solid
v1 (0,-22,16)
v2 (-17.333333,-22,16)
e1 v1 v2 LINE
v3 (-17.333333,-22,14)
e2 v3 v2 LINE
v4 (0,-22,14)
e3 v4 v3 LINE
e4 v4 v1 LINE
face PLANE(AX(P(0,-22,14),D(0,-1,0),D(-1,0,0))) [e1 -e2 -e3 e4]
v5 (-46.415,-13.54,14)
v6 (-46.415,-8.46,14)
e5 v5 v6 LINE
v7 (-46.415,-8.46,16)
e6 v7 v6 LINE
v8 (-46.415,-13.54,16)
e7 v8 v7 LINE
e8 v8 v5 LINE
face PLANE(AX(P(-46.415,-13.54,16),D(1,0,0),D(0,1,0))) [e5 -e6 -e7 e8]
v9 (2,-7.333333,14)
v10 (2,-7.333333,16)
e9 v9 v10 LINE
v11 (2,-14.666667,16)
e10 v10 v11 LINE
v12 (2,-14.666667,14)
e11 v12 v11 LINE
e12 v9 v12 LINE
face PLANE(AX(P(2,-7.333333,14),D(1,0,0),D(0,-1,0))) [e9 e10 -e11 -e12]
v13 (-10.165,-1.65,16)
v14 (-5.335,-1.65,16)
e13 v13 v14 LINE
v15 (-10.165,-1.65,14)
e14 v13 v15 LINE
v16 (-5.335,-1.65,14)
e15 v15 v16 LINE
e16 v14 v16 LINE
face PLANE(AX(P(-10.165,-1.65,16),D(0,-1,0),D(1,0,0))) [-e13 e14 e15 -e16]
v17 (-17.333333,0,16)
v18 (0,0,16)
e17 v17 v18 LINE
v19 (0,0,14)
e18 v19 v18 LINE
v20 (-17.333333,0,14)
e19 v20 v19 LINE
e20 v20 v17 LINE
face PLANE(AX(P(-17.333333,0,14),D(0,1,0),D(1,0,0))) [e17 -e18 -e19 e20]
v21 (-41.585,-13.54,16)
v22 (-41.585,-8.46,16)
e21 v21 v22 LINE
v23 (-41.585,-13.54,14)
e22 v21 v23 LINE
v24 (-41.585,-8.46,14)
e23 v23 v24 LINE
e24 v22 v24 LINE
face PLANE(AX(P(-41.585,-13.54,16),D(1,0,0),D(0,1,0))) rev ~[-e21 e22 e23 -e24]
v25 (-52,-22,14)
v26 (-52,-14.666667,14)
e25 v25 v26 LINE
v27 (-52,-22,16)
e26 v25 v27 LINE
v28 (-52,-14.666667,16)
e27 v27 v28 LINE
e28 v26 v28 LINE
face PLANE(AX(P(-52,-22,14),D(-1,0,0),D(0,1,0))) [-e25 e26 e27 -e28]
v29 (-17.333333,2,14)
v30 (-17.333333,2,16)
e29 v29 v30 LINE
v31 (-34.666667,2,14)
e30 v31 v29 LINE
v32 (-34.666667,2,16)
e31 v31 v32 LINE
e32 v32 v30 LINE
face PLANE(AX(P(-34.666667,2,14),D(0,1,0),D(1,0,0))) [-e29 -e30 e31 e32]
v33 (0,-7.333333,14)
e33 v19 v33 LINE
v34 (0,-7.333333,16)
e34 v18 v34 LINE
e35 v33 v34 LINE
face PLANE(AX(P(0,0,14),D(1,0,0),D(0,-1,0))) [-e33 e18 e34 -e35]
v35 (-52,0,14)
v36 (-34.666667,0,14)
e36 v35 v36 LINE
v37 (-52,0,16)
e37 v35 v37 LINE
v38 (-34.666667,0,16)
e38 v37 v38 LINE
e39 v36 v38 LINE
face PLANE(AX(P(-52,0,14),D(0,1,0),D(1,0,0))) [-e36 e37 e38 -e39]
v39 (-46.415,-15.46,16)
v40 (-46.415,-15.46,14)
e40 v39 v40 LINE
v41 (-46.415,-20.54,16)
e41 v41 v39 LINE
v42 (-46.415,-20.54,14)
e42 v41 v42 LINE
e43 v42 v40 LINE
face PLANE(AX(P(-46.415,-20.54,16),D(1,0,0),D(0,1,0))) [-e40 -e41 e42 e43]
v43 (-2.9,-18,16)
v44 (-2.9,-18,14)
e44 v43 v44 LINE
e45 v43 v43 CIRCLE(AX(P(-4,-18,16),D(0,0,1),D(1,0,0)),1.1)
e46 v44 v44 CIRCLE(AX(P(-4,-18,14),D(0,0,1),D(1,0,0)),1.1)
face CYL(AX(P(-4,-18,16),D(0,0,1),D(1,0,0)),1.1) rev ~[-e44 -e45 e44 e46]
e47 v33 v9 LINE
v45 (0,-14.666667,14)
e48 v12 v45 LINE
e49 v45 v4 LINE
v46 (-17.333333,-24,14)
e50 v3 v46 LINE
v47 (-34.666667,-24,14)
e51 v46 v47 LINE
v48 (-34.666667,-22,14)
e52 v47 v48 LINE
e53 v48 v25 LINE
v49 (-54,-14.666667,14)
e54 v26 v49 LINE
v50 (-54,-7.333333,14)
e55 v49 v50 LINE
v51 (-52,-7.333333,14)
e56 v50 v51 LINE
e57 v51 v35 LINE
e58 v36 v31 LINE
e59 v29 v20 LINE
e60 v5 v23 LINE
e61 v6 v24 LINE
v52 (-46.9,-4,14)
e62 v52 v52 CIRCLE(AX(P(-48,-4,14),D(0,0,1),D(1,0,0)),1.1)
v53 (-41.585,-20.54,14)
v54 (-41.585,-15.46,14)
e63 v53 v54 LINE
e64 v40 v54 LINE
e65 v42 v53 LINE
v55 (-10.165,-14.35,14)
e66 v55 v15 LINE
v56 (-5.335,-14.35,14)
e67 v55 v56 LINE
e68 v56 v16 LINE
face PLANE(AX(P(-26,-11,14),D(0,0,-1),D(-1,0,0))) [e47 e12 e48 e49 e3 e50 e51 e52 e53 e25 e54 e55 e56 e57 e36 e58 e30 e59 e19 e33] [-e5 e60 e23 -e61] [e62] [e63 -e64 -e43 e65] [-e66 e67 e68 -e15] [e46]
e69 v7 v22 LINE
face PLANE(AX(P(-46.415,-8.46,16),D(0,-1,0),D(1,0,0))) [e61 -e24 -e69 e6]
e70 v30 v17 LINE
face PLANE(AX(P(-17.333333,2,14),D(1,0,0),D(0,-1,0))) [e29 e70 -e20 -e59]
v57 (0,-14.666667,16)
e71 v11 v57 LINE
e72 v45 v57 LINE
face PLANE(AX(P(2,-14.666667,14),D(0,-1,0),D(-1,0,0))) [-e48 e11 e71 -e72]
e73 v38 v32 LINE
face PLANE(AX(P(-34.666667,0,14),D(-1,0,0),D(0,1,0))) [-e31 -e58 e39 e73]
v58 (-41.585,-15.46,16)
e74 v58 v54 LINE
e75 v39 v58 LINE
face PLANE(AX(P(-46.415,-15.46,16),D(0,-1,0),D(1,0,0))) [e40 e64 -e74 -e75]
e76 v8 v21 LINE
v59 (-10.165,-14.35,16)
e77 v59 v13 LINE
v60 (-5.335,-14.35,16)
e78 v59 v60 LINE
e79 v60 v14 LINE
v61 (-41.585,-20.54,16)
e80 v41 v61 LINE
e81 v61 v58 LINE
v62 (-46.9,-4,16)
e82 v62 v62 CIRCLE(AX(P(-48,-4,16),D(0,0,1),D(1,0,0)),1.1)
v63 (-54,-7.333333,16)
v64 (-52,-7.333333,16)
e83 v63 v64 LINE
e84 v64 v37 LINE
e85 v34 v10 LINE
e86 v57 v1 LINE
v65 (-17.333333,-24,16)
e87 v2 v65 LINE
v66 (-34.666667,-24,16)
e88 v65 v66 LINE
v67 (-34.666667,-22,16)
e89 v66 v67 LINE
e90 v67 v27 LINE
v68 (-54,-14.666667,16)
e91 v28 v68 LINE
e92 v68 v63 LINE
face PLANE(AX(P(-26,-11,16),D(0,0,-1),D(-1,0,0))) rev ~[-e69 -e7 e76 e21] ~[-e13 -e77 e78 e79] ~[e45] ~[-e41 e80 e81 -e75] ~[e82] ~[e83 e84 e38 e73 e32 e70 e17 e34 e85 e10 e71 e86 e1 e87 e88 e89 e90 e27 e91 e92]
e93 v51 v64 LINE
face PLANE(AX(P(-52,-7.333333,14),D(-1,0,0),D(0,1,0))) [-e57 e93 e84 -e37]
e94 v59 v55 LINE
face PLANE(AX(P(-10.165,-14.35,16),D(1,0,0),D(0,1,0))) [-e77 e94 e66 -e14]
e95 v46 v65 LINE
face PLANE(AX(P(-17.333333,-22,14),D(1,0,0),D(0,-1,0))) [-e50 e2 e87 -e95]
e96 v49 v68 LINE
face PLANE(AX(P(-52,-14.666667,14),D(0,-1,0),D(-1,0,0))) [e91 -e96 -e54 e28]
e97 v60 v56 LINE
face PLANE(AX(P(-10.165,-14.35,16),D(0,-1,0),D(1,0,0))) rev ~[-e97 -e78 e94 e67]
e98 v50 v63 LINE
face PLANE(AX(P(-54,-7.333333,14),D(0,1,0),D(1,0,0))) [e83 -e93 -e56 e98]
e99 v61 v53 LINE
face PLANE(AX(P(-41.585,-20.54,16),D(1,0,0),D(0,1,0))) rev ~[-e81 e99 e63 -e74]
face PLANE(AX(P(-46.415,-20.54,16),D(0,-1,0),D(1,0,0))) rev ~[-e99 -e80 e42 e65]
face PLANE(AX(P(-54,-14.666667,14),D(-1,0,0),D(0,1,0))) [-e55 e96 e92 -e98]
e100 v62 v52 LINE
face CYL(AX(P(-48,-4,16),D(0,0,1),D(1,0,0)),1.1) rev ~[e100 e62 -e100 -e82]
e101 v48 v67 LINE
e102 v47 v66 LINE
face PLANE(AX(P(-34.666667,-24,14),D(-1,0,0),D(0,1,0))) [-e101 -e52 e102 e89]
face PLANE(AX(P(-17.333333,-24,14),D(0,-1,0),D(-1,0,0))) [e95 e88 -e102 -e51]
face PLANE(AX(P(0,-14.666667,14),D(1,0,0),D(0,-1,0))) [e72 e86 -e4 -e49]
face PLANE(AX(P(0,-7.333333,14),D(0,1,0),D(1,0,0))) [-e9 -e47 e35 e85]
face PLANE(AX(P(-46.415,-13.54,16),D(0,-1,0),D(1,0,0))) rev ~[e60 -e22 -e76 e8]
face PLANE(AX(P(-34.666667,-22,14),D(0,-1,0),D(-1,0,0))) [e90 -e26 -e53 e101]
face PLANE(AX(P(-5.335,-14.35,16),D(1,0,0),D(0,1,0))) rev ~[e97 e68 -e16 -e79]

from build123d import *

# Parameters (mm, degrees)
PAD001_DEPTH    = 2
SKETCH001_W     = 4.83
SKETCH001_H     = 12.7
POCKET_DEPTH    = 2
SKETCH006_W     = 4.83
SKETCH006_H     = 5.08
POCKET001_DEPTH = 2
SKETCH007_W     = 4.83
SKETCH007_H     = 5.08
POCKET002_DEPTH = 2
SKETCH029_R     = 1.1
POCKET011_DEPTH = 2
SKETCH030_R     = 1.1
POCKET012_DEPTH = 2


with BuildPart() as part:
    # Sketch → Pad001 (new body)
    with BuildSketch(Plane.XY):
        Polygon((-8.666667, 13), (8.666667, 13), (8.666667, 11), (26, 11), (26, 3.666667), (28, 3.666667), (28, -3.666667), (26, -3.666667), (26, -11), (8.666667, -11), (8.666667, -13), (-8.666667, -13), (-8.666667, -11), (-26, -11), (-26, -3.666667), (-28, -3.666667), (-28, 3.666667), (-26, 3.666667), (-26, 11), (-8.666667, 11), align=None)
    extrude(amount=PAD001_DEPTH)

    # Sketch001 (on Face22 of Pad001) → Pocket (cut)
    with BuildSketch(Plane.XY.offset(2)):
        with Locations((18.25, 3)):
            Rectangle(SKETCH001_W, SKETCH001_H)
    extrude(amount=-POCKET_DEPTH, mode=Mode.SUBTRACT)

    # Sketch006 (on Face5 of Pocket) → Pocket001 (cut)
    with BuildSketch(Plane.XY.offset(2)):
        with Locations((-18, 0)):
            Rectangle(SKETCH006_W, SKETCH006_H)
    extrude(amount=-POCKET001_DEPTH, mode=Mode.SUBTRACT)

    # Sketch007 (on Face5 of Pocket001) → Pocket002 (cut)
    with BuildSketch(Plane.XY.offset(2)):
        with Locations((-18, -7)):
            Rectangle(SKETCH007_W, SKETCH007_H)
    extrude(amount=-POCKET002_DEPTH, mode=Mode.SUBTRACT)

    # Sketch029 (on Face5 of Pocket002) → Pocket011 (cut)
    with BuildSketch(Plane.XY.offset(2)):
        with Locations((-22, 7)):
            Circle(SKETCH029_R)
    extrude(amount=-POCKET011_DEPTH, mode=Mode.SUBTRACT)

    # Sketch030 (on Face5 of Pocket011) → Pocket012 (cut)
    with BuildSketch(Plane.XY.offset(2)):
        with Locations((22, -7)):
            Circle(SKETCH030_R)
    extrude(amount=-POCKET012_DEPTH, mode=Mode.SUBTRACT)


with BuildPart() as part_1:
    # Body001 placement: moved
    add(part.part.moved(Location((-26, -11, 14))))


solid = part_1.part
